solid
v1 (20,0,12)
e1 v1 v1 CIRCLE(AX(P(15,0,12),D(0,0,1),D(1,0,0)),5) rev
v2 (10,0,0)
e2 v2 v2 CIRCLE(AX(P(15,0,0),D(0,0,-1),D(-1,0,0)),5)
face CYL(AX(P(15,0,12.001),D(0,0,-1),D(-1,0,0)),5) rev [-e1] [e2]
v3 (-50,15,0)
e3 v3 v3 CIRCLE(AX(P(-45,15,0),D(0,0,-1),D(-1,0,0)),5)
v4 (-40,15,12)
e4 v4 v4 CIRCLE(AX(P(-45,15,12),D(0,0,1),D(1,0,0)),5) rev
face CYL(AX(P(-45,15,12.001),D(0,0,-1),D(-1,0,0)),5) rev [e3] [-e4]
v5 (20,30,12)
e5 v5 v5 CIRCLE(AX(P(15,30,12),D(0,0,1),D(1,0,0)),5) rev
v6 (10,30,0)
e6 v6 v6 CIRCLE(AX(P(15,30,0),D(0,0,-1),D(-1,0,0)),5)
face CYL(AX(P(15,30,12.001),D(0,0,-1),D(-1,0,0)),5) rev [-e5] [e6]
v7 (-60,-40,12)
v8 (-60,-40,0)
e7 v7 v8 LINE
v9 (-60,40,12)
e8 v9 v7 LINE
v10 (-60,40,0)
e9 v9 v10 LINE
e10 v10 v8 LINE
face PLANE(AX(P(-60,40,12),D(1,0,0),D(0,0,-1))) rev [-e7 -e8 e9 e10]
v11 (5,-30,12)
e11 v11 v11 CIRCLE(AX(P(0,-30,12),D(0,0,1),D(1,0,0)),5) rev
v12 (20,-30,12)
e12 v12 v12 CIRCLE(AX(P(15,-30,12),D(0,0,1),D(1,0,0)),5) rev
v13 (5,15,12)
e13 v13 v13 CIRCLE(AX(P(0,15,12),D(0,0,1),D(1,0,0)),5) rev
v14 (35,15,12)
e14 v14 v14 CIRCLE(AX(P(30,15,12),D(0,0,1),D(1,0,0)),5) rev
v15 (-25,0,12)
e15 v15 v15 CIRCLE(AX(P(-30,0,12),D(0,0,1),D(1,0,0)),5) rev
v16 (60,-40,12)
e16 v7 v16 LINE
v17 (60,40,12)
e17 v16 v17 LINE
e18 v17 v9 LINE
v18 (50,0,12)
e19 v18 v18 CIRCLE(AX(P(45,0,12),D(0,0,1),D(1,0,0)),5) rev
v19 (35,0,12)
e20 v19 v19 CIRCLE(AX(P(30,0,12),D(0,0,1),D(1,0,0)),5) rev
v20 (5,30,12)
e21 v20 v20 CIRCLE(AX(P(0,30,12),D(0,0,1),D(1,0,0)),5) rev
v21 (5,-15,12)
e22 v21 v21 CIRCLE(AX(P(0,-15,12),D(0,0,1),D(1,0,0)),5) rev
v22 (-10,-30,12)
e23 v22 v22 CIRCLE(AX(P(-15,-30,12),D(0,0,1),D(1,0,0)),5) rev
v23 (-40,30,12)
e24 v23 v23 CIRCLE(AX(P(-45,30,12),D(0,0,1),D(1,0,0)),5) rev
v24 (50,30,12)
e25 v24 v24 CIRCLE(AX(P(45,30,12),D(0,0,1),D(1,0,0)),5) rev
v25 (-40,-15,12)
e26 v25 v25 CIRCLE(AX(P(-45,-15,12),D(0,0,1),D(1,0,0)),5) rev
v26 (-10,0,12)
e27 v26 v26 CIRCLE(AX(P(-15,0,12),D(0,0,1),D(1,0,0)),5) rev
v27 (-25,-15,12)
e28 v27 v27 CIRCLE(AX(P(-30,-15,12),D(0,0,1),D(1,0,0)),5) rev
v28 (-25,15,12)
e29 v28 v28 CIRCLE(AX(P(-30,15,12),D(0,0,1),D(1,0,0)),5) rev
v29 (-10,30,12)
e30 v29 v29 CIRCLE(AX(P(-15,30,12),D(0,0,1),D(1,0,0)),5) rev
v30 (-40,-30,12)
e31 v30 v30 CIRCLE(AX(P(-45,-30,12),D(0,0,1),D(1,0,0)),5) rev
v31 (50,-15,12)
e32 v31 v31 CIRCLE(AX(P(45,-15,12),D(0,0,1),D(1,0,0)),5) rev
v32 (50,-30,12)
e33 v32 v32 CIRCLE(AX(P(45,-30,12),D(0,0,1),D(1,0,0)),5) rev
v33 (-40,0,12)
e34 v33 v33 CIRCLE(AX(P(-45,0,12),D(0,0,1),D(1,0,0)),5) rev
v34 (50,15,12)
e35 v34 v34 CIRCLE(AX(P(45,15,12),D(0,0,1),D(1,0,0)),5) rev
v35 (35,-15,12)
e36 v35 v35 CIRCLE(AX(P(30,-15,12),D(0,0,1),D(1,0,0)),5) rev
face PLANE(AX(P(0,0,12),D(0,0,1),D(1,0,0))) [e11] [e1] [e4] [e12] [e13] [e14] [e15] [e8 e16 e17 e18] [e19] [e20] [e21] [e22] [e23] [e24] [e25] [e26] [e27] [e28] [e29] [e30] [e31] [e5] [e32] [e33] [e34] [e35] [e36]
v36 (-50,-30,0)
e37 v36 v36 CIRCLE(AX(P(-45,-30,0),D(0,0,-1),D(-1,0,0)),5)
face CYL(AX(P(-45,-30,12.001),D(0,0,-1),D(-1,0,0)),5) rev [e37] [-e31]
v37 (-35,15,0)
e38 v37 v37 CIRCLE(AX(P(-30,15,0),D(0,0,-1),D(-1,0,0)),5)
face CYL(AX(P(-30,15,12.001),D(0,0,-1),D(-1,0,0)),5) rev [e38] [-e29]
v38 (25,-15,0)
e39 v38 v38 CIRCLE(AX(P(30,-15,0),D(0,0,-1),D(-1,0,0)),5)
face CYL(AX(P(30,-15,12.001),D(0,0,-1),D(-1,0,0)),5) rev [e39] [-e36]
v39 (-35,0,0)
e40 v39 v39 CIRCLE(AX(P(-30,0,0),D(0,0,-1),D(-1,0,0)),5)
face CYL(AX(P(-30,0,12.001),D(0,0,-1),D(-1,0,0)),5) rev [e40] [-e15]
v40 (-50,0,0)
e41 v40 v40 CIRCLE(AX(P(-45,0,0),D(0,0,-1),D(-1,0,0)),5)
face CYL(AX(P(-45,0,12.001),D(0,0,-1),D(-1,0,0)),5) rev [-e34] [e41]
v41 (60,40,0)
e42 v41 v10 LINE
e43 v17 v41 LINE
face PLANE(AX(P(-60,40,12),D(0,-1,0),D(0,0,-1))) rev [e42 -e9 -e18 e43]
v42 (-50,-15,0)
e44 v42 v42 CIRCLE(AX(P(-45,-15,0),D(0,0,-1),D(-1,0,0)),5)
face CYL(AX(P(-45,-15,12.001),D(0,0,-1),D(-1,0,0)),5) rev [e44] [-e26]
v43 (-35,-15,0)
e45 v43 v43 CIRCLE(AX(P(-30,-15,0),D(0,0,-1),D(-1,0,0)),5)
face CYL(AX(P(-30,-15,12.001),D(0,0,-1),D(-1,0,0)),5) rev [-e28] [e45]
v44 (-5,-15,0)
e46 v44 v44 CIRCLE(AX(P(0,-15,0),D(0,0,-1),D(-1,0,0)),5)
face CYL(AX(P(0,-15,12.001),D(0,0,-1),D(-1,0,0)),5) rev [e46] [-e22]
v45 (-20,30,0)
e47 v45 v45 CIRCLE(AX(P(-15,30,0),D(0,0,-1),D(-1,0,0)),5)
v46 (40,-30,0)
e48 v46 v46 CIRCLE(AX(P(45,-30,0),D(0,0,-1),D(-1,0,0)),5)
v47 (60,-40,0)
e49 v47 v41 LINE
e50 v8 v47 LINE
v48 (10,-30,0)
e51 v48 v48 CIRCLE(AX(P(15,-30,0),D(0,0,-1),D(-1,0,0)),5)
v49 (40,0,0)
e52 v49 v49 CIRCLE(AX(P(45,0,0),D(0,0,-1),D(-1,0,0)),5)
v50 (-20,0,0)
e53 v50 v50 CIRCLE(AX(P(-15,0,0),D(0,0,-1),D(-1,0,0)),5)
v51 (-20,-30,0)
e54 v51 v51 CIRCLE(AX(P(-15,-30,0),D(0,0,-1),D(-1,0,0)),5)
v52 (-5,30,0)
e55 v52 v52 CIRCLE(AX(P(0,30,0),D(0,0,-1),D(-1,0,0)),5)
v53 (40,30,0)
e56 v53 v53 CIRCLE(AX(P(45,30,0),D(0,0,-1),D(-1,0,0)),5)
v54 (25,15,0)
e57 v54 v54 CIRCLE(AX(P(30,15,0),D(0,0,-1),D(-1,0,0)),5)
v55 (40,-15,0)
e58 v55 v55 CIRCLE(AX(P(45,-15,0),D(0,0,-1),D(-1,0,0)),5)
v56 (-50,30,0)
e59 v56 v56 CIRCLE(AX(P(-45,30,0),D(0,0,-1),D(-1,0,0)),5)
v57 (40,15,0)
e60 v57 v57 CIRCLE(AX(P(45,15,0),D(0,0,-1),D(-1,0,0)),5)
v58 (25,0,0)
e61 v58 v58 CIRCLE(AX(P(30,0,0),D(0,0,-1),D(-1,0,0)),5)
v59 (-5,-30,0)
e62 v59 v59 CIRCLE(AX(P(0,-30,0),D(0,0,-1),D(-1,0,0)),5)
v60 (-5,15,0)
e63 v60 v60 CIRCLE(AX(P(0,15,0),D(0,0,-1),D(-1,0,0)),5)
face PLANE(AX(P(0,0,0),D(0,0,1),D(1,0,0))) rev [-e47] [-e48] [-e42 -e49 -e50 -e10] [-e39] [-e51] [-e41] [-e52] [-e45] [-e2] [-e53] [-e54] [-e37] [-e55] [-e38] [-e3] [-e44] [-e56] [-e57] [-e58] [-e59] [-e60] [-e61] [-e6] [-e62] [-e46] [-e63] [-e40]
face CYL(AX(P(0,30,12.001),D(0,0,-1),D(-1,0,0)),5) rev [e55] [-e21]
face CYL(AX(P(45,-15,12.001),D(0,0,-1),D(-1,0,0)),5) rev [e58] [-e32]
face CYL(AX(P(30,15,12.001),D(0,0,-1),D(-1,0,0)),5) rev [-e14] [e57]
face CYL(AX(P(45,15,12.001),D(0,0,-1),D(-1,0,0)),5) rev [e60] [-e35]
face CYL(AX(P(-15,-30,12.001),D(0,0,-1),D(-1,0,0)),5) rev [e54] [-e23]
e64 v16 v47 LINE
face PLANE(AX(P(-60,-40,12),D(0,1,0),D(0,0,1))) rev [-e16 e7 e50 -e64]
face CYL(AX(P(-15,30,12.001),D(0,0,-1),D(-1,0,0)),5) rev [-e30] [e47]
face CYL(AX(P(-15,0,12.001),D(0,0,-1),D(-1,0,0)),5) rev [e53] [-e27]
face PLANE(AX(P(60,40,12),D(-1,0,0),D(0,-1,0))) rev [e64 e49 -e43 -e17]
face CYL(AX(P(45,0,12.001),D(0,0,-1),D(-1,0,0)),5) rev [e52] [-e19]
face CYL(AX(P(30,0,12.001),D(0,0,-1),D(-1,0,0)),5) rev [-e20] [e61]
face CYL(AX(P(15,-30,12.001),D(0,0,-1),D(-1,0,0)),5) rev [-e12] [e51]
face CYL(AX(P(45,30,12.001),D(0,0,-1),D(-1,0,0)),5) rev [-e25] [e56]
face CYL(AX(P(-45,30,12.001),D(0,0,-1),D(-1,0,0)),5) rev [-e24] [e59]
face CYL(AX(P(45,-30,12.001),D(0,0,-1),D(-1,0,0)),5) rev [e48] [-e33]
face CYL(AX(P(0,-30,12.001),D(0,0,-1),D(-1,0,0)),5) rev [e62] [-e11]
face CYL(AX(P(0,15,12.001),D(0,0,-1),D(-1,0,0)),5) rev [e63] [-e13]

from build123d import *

# Parameters (mm, degrees)
SKICA1_W                 = 120
SKICA1_H                 = 80
P_IDAT_VYSUNUT_M1_DEPTH  = 12
SKICA2_R                 = 5
ODEBRAT_VYSUNUT_M1_DEPTH = 12
LINPOLE1_COUNT           = 7
LINPOLE1_PITCH           = 15
LINPOLE1_COUNT_DIR2      = 5
LINPOLE1_PITCH_DIR2      = 15


with BuildPart() as part:
    # Skica1 → Přidat vysunutím1 (new body)
    with BuildSketch(Plane.XY):
        Rectangle(SKICA1_W, SKICA1_H)
    extrude(amount=P_IDAT_VYSUNUT_M1_DEPTH)

    # Skica2 → Odebrat vysunutím1 (cut)
    with BuildSketch(Plane(origin=(0, 0, 0), x_dir=(-1, 0, 0), z_dir=(0, 0, -1))):
        with Locations((-45, -30)):
            Circle(SKICA2_R)
    odebrat_vysunut_m1 = extrude(amount=-ODEBRAT_VYSUNUT_M1_DEPTH, mode=Mode.SUBTRACT)

    # LinPole1: Odebrat vysunut_m1 7 × 5, 9 skipped
    with Locations(*[(-i * LINPOLE1_PITCH, j * LINPOLE1_PITCH_DIR2, 0) for i in range(LINPOLE1_COUNT) for j in range(LINPOLE1_COUNT_DIR2) if (i, j) not in ((0, 0), (1, 0), (1, 4), (2, 1), (2, 3), (3, 2), (4, 1), (4, 3), (5, 0), (5, 4))]):
        add(odebrat_vysunut_m1, mode=Mode.SUBTRACT)


solid = part.part
